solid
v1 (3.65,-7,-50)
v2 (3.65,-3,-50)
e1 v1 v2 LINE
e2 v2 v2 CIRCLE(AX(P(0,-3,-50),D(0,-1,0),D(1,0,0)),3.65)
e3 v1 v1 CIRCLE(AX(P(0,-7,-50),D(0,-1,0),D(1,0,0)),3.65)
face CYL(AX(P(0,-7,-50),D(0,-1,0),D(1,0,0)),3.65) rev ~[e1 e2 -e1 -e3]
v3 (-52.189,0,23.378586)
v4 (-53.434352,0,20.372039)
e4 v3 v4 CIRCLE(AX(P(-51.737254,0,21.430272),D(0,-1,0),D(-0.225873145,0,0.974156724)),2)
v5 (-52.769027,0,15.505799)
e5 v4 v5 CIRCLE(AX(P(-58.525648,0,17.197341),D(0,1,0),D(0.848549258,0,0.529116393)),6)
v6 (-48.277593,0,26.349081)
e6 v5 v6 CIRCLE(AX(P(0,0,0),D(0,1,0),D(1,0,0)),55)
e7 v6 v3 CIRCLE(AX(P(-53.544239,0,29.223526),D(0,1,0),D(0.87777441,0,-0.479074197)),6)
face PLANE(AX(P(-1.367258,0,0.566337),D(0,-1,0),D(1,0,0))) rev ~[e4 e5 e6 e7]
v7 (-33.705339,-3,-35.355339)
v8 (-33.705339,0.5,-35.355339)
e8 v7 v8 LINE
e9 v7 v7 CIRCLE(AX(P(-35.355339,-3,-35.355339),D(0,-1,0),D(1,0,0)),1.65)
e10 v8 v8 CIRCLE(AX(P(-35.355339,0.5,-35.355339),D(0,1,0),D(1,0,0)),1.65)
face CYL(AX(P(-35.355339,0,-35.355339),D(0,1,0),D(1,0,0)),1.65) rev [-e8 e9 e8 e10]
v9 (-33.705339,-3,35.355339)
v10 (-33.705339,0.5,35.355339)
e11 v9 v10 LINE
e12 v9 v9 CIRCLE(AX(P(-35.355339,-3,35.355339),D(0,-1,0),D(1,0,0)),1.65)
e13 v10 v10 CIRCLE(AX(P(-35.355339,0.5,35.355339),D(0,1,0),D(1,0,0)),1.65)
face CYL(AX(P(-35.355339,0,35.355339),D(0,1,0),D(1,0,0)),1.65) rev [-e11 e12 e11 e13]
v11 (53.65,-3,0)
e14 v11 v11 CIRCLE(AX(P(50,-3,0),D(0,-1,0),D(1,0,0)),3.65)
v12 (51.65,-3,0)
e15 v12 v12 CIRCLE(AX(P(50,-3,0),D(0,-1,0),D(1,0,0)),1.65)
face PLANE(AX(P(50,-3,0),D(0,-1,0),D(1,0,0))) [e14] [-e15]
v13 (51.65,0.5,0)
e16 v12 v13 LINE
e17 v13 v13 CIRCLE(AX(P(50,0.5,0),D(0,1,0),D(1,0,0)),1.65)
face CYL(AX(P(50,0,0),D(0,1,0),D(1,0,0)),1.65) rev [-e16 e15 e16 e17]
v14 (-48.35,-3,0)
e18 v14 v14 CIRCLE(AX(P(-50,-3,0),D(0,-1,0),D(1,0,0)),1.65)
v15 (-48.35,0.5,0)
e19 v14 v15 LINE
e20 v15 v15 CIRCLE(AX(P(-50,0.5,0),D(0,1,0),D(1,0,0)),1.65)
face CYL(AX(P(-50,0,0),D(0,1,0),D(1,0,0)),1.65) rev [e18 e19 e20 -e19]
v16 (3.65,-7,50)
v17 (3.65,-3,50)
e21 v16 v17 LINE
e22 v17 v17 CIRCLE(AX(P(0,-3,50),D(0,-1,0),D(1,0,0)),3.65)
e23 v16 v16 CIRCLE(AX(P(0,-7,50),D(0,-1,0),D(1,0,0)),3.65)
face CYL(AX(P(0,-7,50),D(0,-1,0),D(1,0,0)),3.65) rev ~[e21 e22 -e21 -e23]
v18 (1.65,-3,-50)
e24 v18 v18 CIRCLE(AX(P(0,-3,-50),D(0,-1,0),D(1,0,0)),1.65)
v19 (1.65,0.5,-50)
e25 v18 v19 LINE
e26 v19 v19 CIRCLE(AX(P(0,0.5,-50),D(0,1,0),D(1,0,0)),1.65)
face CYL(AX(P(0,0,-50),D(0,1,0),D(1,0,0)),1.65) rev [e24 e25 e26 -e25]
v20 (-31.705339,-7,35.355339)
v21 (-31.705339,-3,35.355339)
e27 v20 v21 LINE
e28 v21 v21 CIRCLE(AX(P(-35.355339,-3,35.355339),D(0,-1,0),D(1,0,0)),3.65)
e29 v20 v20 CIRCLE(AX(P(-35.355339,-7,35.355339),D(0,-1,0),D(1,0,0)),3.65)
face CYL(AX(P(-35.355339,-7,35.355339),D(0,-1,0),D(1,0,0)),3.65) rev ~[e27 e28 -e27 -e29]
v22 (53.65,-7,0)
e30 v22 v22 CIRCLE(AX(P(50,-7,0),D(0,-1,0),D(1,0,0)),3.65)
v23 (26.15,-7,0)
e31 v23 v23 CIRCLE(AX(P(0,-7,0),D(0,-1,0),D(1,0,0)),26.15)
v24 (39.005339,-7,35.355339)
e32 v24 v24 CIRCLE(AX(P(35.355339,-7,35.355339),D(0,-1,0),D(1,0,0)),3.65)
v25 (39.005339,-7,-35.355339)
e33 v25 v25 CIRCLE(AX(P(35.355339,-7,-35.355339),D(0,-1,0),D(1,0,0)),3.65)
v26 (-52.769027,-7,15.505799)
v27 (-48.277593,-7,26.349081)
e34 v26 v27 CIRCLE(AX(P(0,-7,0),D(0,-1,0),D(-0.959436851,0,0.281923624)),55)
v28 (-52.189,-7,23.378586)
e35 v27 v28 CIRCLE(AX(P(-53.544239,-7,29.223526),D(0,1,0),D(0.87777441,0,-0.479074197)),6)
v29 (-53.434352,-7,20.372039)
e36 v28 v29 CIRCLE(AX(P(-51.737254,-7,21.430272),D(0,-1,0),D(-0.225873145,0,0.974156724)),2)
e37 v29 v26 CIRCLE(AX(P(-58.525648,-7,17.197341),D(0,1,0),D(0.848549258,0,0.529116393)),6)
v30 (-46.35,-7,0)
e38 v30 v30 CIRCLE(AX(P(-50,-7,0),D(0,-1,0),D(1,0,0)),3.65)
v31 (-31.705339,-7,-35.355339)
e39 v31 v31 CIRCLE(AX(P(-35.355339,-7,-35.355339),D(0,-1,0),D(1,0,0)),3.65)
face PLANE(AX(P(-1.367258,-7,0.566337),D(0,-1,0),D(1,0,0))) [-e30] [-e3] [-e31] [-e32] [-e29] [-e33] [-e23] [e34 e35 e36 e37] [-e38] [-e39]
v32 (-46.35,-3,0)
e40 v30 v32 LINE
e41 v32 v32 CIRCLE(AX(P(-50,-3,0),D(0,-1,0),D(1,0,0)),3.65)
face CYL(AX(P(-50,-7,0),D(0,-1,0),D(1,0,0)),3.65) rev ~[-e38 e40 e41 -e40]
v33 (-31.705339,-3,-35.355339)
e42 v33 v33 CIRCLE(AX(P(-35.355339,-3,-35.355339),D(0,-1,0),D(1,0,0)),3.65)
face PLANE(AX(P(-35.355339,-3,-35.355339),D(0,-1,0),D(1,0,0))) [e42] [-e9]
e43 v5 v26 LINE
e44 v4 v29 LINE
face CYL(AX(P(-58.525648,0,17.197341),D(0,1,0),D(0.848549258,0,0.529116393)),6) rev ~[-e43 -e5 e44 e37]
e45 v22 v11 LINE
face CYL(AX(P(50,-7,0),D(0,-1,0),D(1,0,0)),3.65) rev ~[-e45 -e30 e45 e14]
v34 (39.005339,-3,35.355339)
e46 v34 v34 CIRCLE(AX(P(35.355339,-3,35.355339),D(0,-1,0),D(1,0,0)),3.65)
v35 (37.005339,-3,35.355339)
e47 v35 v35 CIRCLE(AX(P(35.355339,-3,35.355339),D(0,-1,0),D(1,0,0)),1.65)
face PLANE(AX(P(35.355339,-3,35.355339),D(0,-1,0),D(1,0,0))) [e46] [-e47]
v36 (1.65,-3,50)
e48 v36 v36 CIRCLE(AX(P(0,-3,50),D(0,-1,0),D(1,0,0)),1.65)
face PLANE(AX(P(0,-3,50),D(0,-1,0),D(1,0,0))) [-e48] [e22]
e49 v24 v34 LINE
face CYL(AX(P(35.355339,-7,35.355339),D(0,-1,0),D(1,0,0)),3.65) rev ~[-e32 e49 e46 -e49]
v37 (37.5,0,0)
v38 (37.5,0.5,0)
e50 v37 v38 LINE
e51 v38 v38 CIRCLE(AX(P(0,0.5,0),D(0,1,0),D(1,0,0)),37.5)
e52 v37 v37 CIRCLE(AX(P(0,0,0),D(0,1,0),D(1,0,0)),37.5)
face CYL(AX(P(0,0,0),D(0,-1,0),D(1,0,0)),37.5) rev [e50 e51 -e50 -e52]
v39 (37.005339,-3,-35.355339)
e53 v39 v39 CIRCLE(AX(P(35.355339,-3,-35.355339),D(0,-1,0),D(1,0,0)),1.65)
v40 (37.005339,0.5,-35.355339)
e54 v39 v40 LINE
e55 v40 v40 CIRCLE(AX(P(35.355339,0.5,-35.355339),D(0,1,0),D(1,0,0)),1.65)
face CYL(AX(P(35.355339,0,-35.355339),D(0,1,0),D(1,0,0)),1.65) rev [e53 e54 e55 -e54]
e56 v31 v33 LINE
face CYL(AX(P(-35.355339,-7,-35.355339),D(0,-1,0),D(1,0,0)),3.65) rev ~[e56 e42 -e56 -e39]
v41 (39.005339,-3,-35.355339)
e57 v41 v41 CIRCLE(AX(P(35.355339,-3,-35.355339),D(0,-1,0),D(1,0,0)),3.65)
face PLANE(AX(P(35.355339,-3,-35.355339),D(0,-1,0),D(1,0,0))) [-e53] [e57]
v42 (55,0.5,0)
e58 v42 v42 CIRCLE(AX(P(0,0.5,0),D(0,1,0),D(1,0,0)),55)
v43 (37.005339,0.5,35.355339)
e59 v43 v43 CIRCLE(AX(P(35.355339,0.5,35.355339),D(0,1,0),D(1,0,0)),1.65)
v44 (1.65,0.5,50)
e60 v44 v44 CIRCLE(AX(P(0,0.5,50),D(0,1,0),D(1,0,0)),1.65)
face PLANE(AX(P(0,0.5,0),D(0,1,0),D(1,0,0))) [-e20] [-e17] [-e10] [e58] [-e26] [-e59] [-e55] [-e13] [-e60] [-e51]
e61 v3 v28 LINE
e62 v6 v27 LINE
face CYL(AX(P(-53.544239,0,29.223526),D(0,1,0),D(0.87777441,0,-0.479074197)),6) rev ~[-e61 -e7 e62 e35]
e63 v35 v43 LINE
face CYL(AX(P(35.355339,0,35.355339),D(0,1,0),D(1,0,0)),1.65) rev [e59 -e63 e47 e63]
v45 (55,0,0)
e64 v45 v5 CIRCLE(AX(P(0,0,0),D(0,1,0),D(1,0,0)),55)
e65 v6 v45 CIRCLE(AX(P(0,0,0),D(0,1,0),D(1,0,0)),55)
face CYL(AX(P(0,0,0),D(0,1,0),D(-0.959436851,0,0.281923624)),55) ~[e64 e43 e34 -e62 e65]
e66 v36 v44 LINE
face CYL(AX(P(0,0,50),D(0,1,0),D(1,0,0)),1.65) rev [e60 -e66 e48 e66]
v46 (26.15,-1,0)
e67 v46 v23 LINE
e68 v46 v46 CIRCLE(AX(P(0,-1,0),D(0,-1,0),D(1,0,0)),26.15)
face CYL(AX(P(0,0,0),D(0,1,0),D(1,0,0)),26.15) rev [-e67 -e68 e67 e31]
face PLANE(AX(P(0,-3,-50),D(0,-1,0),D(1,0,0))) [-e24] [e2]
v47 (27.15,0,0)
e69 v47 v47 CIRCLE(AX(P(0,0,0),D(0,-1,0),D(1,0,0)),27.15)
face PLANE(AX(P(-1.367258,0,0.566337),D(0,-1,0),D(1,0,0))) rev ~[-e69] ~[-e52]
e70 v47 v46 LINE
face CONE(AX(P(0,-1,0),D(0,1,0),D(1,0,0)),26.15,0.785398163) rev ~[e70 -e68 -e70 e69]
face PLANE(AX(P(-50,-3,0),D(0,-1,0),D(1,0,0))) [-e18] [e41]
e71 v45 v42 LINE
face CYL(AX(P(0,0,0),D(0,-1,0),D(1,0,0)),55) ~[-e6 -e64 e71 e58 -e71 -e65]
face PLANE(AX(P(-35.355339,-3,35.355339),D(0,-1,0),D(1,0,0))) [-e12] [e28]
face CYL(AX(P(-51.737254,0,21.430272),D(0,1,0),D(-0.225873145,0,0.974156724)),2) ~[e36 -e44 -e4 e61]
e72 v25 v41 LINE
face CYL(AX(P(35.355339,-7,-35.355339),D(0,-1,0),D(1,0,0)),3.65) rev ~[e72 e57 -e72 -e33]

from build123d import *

# Parameters (mm, degrees)
SKETCH1_R           = 55
SKETCH1_R_2         = 37.5
SKETCH1_R_3         = 1.65
BOSS_EXTRUDE1_DEPTH = 0.5
SKETCH2_R           = 26.15
SKETCH2_R_2         = 1.65
BOSS_EXTRUDE2_DEPTH = 7
CHAMFER1_SIZE       = 1
SKETCH3_R           = 3.65
SKETCH3_R_2         = 1.65
CUT_EXTRUDE1_DEPTH  = 4


with BuildPart() as part:
    # Sketch1 → Boss-Extrude1 (new body)
    with BuildSketch(Plane(origin=(0, 0, 0), x_dir=(1, 0, 0), z_dir=(0, 1, 0))):
        Circle(SKETCH1_R)
        Circle(SKETCH1_R_2, mode=Mode.SUBTRACT)
        with Locations((0, 50)):
            Circle(SKETCH1_R_3, mode=Mode.SUBTRACT)
        with Locations((35.355339059, 35.355339059)):
            Circle(SKETCH1_R_3, mode=Mode.SUBTRACT)
        with Locations((50, 0)):
            Circle(SKETCH1_R_3, mode=Mode.SUBTRACT)
        with Locations((35.355339059, -35.355339059)):
            Circle(SKETCH1_R_3, mode=Mode.SUBTRACT)
        with Locations((0, -50)):
            Circle(SKETCH1_R_3, mode=Mode.SUBTRACT)
        with Locations((-35.355339059, -35.355339059)):
            Circle(SKETCH1_R_3, mode=Mode.SUBTRACT)
        with Locations((-50, 0)):
            Circle(SKETCH1_R_3, mode=Mode.SUBTRACT)
        with Locations((-35.355339059, 35.355339059)):
            Circle(SKETCH1_R_3, mode=Mode.SUBTRACT)
    extrude(amount=BOSS_EXTRUDE1_DEPTH)

    # Sketch2 → Boss-Extrude2 (add)
    with BuildSketch(Plane.XZ):
        with BuildLine():
            ThreePointArc((-52.76902678, 15.505799326), (50.813374288, -21.04758878), (-48.277592523, 26.349080822))
            ThreePointArc((-48.277592523, 26.349080822), (-49.915423513, 24.445273361), (-52.189000111, 23.37858566))
            ThreePointArc((-52.189000111, 23.37858566), (-53.585012886, 22.195639077), (-53.434352336, 20.372039427))
            ThreePointArc((-53.434352336, 20.372039427), (-52.580953013, 18.01011589), (-52.76902678, 15.505799326))
        make_face()
        Circle(SKETCH2_R, mode=Mode.SUBTRACT)
        with Locations((0, -50)):
            Circle(SKETCH2_R_2, mode=Mode.SUBTRACT)
        with Locations((35.355339059, -35.355339059)):
            Circle(SKETCH2_R_2, mode=Mode.SUBTRACT)
        with Locations((50, 0)):
            Circle(SKETCH2_R_2, mode=Mode.SUBTRACT)
        with Locations((35.355339059, 35.355339059)):
            Circle(SKETCH2_R_2, mode=Mode.SUBTRACT)
        with Locations((0, 50)):
            Circle(SKETCH2_R_2, mode=Mode.SUBTRACT)
        with Locations((-35.355339059, 35.355339059)):
            Circle(SKETCH2_R_2, mode=Mode.SUBTRACT)
        with Locations((-50, 0)):
            Circle(SKETCH2_R_2, mode=Mode.SUBTRACT)
        with Locations((-35.355339059, -35.355339059)):
            Circle(SKETCH2_R_2, mode=Mode.SUBTRACT)
    extrude(amount=BOSS_EXTRUDE2_DEPTH)

    # Chamfer1
    chamfer1_edges = [part.edges().sort_by_distance(p)[0] for p in [
        (-26.15, 0, 0),
    ]]
    chamfer(chamfer1_edges, length=CHAMFER1_SIZE)

    # Sketch3 → Cut-Extrude1 (cut)
    with BuildSketch(Plane.XZ.offset(7)):
        with Locations((-50, 0)):
            Circle(SKETCH3_R)
        with Locations((-50, 0)):
            Circle(SKETCH3_R_2, mode=Mode.SUBTRACT)
        with Locations((-35.355339059, -35.355339059)):
            Circle(SKETCH3_R)
        with Locations((-35.355339059, -35.355339059)):
            Circle(SKETCH3_R_2, mode=Mode.SUBTRACT)
        with Locations((0, -50)):
            Circle(SKETCH3_R)
        with Locations((0, -50)):
            Circle(SKETCH3_R_2, mode=Mode.SUBTRACT)
        with Locations((35.355339059, -35.355339059)):
            Circle(SKETCH3_R)
        with Locations((35.355339059, -35.355339059)):
            Circle(SKETCH3_R_2, mode=Mode.SUBTRACT)
        with Locations((50, 0)):
            Circle(SKETCH3_R)
        with Locations((50, 0)):
            Circle(SKETCH3_R_2, mode=Mode.SUBTRACT)
        with Locations((35.355339059, 35.355339059)):
            Circle(SKETCH3_R)
        with Locations((35.355339059, 35.355339059)):
            Circle(SKETCH3_R_2, mode=Mode.SUBTRACT)
        with Locations((0, 50)):
            Circle(SKETCH3_R)
        with Locations((0, 50)):
            Circle(SKETCH3_R_2, mode=Mode.SUBTRACT)
        with Locations((-35.355339059, 35.355339059)):
            Circle(SKETCH3_R)
        with Locations((-35.355339059, 35.355339059)):
            Circle(SKETCH3_R_2, mode=Mode.SUBTRACT)
    extrude(amount=-CUT_EXTRUDE1_DEPTH, mode=Mode.SUBTRACT)


solid = part.part
